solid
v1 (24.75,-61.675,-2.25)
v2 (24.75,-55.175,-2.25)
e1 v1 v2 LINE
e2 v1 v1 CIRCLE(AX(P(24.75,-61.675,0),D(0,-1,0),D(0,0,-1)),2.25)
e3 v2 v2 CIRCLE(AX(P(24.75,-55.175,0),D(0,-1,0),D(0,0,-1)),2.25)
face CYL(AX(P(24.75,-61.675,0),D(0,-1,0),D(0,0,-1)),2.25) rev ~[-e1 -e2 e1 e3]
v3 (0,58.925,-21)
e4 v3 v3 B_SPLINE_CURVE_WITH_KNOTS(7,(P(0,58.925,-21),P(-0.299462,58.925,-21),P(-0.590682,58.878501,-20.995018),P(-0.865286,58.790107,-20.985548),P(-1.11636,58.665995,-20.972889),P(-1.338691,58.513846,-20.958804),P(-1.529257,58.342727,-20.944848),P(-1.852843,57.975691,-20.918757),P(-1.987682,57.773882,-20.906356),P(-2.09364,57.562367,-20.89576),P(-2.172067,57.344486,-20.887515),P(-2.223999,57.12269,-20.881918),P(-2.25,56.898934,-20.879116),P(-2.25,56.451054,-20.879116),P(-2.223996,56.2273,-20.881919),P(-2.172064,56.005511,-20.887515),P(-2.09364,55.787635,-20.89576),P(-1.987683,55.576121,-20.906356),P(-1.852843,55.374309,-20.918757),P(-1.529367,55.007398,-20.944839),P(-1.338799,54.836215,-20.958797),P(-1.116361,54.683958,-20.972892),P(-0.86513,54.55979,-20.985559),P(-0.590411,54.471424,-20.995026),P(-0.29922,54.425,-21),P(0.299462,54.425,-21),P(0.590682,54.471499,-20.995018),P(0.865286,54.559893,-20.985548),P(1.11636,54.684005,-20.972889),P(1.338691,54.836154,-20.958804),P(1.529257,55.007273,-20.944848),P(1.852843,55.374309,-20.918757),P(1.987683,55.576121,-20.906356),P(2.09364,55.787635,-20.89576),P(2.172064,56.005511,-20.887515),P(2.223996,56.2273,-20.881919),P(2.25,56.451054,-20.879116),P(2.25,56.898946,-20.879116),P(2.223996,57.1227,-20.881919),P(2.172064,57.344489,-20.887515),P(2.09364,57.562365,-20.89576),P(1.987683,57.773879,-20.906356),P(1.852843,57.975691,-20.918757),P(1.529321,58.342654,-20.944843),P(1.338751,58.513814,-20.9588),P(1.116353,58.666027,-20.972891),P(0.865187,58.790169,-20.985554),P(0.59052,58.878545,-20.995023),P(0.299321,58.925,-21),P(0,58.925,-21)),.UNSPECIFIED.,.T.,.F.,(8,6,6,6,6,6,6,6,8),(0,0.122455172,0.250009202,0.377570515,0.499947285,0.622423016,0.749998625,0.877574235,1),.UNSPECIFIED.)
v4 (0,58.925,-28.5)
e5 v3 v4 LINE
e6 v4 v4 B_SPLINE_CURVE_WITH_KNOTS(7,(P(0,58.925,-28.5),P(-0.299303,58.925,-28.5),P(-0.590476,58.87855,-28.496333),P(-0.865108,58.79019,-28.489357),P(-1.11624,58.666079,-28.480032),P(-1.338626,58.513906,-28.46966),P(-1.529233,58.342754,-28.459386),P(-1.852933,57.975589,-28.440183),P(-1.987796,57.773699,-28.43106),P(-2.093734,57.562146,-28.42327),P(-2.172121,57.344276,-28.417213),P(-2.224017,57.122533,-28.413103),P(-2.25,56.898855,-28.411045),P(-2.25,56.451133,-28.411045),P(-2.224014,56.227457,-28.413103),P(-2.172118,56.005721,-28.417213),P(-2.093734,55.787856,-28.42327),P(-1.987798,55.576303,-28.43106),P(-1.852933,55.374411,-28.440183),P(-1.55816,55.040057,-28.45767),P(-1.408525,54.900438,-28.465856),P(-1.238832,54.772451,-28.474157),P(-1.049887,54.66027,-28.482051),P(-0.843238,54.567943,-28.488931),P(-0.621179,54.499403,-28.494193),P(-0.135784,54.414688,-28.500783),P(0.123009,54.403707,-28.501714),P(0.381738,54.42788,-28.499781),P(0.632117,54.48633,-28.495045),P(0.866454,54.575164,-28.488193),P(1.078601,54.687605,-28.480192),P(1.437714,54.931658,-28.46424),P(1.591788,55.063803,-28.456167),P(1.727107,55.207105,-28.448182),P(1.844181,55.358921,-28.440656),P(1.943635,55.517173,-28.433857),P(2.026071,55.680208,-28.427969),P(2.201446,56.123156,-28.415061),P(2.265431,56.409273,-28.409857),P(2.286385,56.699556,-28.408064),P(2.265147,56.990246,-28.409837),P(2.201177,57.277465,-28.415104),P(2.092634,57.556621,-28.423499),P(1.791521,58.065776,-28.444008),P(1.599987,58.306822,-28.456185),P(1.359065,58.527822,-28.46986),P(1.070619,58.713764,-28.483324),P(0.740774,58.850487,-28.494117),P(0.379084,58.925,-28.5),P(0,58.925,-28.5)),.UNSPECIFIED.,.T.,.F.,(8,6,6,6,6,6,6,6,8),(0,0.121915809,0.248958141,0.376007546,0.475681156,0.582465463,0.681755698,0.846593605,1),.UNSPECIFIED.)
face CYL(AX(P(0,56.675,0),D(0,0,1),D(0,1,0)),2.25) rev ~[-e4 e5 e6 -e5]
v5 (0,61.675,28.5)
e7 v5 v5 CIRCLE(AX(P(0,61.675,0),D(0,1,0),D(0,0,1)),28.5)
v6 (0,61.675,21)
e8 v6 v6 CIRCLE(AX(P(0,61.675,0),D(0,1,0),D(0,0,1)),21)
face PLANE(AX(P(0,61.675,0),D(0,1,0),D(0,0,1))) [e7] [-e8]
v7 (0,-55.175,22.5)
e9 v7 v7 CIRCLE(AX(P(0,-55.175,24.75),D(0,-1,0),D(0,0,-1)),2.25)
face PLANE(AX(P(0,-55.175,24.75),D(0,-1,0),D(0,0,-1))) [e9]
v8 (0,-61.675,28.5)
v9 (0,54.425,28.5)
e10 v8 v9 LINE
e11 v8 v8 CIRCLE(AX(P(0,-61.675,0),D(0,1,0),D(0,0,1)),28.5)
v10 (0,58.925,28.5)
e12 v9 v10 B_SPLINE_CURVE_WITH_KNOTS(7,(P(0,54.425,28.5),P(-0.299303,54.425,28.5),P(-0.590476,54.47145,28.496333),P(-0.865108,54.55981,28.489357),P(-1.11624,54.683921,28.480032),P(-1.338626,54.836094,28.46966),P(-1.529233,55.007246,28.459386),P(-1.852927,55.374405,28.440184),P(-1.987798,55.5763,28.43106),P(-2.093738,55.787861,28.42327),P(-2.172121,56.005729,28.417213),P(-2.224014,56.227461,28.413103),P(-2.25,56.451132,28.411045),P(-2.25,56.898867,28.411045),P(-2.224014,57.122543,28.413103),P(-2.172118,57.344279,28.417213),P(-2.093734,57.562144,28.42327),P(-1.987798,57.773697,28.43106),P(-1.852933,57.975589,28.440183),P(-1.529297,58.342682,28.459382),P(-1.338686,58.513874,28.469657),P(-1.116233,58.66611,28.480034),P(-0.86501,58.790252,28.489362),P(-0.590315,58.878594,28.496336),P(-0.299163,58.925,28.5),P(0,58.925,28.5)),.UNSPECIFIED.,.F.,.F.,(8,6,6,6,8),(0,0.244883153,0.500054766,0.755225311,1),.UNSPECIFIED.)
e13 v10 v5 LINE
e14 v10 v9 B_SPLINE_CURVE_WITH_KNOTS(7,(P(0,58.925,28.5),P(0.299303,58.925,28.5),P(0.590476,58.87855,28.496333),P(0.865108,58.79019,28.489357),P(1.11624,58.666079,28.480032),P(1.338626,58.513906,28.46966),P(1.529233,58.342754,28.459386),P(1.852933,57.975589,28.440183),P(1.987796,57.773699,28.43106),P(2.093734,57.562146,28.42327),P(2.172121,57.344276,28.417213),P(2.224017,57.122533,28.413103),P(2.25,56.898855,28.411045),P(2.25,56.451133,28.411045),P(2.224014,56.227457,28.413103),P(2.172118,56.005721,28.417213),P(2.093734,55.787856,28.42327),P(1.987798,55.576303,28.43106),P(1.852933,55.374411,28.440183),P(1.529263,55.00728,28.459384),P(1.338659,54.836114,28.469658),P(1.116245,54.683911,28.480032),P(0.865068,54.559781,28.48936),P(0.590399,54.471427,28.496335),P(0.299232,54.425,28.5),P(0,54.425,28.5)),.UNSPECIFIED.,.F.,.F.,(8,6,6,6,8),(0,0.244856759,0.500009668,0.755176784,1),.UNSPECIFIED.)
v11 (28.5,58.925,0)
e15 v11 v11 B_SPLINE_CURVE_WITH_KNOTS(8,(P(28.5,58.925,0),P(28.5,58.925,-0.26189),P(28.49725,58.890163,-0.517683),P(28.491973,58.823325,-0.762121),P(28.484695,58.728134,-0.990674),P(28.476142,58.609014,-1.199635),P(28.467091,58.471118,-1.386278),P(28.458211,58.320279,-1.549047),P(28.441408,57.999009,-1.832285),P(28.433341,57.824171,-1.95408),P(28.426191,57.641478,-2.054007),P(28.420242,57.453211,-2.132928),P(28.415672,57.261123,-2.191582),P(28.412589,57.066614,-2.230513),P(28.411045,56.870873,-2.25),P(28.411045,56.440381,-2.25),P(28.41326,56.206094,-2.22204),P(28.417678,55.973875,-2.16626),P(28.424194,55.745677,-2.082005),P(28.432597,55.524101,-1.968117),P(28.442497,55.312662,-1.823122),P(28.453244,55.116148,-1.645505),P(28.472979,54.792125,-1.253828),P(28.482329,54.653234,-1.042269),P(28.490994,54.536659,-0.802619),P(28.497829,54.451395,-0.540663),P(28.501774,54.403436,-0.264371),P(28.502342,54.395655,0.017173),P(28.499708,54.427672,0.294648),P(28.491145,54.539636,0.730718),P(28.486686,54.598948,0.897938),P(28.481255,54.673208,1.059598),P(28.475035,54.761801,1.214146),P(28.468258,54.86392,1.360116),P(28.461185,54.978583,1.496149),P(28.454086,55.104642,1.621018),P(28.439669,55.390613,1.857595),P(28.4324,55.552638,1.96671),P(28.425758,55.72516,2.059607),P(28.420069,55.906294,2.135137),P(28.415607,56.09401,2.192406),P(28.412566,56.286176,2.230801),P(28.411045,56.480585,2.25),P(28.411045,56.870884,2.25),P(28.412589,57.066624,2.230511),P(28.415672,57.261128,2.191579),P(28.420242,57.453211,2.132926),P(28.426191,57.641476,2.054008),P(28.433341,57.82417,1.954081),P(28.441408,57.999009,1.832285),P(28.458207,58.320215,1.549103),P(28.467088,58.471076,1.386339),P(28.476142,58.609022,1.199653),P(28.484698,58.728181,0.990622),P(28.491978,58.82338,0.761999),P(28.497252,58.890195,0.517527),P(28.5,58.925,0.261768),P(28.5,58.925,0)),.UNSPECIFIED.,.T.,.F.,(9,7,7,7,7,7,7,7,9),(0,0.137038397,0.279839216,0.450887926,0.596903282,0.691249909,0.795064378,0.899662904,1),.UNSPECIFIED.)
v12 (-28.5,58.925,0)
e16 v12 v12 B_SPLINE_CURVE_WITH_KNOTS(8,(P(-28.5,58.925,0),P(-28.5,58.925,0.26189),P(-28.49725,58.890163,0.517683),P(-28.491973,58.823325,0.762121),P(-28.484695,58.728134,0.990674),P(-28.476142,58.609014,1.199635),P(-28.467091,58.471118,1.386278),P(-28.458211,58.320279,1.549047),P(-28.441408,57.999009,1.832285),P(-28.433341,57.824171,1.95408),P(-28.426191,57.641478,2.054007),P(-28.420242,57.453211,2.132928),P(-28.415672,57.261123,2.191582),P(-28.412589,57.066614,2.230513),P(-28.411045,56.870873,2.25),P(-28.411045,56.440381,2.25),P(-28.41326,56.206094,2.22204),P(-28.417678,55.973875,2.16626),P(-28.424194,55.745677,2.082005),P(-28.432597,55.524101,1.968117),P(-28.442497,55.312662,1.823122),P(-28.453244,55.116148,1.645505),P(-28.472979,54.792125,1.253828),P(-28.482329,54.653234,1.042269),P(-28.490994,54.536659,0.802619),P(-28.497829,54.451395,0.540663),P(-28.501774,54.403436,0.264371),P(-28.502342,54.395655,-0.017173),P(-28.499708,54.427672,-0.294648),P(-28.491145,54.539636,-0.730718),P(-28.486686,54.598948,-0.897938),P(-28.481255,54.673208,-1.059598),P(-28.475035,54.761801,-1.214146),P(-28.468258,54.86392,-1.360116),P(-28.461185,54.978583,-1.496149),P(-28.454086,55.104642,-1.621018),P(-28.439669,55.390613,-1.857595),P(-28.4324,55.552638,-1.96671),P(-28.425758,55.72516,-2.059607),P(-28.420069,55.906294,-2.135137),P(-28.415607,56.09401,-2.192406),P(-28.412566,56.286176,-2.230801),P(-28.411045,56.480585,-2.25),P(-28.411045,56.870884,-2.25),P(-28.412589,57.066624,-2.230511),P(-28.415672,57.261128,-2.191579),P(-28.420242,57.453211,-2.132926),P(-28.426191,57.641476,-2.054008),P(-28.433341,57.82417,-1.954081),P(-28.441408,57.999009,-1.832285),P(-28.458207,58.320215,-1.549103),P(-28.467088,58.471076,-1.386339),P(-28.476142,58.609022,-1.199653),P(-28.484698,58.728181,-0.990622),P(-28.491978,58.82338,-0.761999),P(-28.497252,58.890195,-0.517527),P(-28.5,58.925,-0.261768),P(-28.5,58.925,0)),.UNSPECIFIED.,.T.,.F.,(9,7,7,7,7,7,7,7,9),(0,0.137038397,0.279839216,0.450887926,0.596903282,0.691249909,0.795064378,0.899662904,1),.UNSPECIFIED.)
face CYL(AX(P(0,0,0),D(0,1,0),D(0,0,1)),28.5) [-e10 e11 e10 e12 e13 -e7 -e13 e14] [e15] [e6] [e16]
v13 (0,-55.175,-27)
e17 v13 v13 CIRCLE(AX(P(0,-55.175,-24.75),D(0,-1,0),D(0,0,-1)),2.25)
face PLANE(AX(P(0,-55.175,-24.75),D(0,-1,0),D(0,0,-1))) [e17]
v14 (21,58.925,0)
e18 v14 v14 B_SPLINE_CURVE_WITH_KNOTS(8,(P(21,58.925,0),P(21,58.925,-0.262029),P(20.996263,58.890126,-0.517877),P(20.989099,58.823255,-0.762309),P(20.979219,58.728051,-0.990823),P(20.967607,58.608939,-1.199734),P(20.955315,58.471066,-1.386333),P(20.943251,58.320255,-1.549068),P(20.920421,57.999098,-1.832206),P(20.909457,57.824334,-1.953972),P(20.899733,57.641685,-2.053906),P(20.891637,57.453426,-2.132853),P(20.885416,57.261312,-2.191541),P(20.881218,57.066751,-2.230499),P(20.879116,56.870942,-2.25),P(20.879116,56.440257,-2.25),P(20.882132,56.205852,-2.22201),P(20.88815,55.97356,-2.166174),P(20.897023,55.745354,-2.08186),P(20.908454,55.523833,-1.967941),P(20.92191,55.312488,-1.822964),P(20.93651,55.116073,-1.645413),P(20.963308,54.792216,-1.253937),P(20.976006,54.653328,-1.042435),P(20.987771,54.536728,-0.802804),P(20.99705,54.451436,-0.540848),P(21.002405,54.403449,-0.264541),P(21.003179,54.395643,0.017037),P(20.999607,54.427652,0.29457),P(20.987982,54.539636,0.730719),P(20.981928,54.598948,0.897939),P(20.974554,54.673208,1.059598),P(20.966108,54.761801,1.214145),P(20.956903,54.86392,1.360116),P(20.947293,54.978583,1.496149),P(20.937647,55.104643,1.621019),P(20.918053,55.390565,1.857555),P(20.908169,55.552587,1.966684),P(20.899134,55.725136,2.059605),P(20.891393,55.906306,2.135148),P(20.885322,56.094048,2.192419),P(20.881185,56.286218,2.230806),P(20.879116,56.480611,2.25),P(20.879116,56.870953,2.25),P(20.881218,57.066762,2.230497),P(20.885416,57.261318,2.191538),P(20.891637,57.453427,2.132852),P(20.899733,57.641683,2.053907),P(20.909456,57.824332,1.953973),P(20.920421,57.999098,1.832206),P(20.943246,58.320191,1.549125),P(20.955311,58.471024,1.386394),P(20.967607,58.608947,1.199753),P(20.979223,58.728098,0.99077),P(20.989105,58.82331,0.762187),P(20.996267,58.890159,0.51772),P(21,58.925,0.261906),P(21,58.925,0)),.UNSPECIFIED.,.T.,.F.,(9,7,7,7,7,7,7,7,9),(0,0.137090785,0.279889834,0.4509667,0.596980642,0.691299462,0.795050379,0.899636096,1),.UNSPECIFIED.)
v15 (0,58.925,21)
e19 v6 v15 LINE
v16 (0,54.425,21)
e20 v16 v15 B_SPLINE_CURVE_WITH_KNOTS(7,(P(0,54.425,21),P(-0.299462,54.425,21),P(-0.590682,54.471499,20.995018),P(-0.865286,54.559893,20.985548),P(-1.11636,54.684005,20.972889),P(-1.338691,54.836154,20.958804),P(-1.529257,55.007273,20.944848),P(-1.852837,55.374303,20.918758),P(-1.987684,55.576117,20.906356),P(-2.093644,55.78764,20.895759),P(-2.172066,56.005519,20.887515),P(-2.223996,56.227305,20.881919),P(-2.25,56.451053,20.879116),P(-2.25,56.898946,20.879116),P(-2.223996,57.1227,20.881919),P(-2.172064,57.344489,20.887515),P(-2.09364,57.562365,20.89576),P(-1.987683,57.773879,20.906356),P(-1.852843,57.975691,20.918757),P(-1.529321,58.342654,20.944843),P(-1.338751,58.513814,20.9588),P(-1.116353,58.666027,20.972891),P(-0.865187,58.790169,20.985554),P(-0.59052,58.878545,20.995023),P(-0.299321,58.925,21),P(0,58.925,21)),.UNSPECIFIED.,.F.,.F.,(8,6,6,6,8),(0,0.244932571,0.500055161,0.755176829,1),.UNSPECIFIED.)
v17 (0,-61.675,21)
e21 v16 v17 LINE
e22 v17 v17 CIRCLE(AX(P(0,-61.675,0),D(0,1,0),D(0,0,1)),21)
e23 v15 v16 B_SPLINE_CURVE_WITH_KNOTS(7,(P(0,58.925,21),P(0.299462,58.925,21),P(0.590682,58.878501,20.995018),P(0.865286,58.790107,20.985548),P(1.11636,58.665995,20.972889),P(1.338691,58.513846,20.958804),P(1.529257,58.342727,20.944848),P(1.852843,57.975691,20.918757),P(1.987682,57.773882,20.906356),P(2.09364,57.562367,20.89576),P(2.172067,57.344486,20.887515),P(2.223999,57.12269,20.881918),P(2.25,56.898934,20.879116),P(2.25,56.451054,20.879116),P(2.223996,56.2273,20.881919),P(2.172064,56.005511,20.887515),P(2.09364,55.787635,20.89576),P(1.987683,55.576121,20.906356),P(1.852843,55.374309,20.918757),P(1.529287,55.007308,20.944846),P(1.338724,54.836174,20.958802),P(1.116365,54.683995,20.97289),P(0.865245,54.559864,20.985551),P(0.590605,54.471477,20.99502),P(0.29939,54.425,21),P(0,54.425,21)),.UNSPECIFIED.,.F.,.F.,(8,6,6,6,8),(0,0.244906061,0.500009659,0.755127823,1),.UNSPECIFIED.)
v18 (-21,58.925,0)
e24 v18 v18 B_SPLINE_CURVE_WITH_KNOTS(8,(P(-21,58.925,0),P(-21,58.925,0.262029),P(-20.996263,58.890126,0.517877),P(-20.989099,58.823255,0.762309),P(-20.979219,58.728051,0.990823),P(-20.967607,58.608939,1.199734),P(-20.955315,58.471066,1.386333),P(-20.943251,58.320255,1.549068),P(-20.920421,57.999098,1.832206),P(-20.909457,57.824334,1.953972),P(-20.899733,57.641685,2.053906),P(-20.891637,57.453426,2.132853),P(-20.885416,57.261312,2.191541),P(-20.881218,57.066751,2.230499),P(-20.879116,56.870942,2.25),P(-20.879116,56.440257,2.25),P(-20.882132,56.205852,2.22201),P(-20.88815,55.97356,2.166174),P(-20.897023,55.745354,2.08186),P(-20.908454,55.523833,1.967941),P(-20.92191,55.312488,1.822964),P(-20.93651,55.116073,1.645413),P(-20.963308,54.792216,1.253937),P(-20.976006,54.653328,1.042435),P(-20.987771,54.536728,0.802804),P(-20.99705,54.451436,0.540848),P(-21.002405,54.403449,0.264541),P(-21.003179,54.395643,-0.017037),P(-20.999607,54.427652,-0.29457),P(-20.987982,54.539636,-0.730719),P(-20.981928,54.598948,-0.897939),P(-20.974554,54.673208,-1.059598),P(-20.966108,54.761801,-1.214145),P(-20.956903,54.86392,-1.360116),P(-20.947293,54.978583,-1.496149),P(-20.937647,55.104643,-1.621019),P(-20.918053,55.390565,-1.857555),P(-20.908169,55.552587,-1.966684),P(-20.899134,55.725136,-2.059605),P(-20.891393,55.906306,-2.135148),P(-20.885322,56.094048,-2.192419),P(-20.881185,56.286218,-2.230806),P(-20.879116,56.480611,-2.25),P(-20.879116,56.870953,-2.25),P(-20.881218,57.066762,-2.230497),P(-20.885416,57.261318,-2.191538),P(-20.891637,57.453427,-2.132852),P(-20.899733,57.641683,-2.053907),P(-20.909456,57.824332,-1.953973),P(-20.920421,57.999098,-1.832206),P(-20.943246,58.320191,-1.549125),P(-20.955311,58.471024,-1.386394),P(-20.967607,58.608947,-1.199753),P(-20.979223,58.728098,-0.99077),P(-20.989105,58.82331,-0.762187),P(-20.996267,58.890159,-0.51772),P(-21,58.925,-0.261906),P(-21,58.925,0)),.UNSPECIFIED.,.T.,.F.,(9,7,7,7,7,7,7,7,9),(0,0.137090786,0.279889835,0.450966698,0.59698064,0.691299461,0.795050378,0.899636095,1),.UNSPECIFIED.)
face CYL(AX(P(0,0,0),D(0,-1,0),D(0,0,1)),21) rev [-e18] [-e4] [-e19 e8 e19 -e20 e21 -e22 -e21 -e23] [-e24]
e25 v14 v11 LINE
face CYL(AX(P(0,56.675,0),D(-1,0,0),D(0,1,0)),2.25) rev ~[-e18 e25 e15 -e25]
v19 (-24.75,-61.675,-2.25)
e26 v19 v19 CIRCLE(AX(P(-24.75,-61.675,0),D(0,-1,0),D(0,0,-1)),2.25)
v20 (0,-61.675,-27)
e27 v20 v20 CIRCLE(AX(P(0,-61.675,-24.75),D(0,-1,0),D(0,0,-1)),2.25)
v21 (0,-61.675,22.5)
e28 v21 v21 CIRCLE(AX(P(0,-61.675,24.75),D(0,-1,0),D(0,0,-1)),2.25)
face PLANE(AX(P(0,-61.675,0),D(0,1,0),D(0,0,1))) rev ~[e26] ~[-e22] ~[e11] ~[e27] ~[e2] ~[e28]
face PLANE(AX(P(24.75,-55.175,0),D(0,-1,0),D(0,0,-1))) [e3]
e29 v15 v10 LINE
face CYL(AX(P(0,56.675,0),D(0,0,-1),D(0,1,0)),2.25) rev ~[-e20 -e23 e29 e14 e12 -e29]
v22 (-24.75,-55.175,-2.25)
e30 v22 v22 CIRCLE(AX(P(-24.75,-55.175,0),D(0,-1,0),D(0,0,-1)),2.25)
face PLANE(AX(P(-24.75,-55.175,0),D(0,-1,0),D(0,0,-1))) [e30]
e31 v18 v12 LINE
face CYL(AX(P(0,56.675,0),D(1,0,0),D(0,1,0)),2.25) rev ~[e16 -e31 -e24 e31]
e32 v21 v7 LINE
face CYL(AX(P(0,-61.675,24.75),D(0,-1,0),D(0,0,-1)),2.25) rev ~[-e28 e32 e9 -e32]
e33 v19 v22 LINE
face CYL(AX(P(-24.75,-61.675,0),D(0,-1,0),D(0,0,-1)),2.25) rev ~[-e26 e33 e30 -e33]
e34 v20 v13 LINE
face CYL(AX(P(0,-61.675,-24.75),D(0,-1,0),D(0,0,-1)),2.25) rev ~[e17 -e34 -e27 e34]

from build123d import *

# Parameters (mm, degrees)
SKETCH1_R           = 28.5
SKETCH1_R_2         = 21
BOSS_EXTRUDE1_DEPTH = 61.675
SKETCH2_R           = 2.25
CUT_EXTRUDE1_DEPTH  = 74.677035941
CIRPATTERN1_COUNT   = 4
SKETCH3_R           = 2.25
CUT_EXTRUDE2_DEPTH  = 6.5


with BuildPart() as part:
    # Sketch1 → Boss-Extrude1 (new, symmetric)
    with BuildSketch(Plane(origin=(0, 0, 0), x_dir=(1, 0, 0), z_dir=(0, 1, 0))):
        with Locations(Location((0, 0, 0), (0, 0, 270))):
            Circle(SKETCH1_R)
        with Locations(Location((0, 0, 0), (0, 0, 270))):
            Circle(SKETCH1_R_2, mode=Mode.SUBTRACT)
    extrude(amount=BOSS_EXTRUDE1_DEPTH, both=True)

    # Sketch2 → Cut-Extrude1 (cut, through all)
    with BuildSketch(Plane.XY):
        with Locations(Location((0, 56.675, 0), (0, 0, 90))):
            Circle(SKETCH2_R)
    cut_extrude1 = extrude(amount=-CUT_EXTRUDE1_DEPTH, mode=Mode.SUBTRACT)

    # CirPattern1: Cut-Extrude1 ×4 about axis
    cirpattern1_axis = Axis((0, 61.675, 0), (0, -1, 0))
    for i in range(1, CIRPATTERN1_COUNT):
        add(cut_extrude1.rotate(cirpattern1_axis, i * 360 / CIRPATTERN1_COUNT), mode=Mode.SUBTRACT)

    # Sketch3 → Cut-Extrude2 (cut)
    with BuildSketch(Plane.XZ.offset(61.675)):
        with Locations(Location((0, 24.75, 0), (0, 0, 270))):
            Circle(SKETCH3_R)
        with Locations(Location((24.75, 0, 0), (0, 0, 270))):
            Circle(SKETCH3_R)
        with Locations(Location((0, -24.75, 0), (0, 0, 270))):
            Circle(SKETCH3_R)
        with Locations(Location((-24.75, 0, 0), (0, 0, 270))):
            Circle(SKETCH3_R)
    extrude(amount=-CUT_EXTRUDE2_DEPTH, mode=Mode.SUBTRACT)


solid = part.part
